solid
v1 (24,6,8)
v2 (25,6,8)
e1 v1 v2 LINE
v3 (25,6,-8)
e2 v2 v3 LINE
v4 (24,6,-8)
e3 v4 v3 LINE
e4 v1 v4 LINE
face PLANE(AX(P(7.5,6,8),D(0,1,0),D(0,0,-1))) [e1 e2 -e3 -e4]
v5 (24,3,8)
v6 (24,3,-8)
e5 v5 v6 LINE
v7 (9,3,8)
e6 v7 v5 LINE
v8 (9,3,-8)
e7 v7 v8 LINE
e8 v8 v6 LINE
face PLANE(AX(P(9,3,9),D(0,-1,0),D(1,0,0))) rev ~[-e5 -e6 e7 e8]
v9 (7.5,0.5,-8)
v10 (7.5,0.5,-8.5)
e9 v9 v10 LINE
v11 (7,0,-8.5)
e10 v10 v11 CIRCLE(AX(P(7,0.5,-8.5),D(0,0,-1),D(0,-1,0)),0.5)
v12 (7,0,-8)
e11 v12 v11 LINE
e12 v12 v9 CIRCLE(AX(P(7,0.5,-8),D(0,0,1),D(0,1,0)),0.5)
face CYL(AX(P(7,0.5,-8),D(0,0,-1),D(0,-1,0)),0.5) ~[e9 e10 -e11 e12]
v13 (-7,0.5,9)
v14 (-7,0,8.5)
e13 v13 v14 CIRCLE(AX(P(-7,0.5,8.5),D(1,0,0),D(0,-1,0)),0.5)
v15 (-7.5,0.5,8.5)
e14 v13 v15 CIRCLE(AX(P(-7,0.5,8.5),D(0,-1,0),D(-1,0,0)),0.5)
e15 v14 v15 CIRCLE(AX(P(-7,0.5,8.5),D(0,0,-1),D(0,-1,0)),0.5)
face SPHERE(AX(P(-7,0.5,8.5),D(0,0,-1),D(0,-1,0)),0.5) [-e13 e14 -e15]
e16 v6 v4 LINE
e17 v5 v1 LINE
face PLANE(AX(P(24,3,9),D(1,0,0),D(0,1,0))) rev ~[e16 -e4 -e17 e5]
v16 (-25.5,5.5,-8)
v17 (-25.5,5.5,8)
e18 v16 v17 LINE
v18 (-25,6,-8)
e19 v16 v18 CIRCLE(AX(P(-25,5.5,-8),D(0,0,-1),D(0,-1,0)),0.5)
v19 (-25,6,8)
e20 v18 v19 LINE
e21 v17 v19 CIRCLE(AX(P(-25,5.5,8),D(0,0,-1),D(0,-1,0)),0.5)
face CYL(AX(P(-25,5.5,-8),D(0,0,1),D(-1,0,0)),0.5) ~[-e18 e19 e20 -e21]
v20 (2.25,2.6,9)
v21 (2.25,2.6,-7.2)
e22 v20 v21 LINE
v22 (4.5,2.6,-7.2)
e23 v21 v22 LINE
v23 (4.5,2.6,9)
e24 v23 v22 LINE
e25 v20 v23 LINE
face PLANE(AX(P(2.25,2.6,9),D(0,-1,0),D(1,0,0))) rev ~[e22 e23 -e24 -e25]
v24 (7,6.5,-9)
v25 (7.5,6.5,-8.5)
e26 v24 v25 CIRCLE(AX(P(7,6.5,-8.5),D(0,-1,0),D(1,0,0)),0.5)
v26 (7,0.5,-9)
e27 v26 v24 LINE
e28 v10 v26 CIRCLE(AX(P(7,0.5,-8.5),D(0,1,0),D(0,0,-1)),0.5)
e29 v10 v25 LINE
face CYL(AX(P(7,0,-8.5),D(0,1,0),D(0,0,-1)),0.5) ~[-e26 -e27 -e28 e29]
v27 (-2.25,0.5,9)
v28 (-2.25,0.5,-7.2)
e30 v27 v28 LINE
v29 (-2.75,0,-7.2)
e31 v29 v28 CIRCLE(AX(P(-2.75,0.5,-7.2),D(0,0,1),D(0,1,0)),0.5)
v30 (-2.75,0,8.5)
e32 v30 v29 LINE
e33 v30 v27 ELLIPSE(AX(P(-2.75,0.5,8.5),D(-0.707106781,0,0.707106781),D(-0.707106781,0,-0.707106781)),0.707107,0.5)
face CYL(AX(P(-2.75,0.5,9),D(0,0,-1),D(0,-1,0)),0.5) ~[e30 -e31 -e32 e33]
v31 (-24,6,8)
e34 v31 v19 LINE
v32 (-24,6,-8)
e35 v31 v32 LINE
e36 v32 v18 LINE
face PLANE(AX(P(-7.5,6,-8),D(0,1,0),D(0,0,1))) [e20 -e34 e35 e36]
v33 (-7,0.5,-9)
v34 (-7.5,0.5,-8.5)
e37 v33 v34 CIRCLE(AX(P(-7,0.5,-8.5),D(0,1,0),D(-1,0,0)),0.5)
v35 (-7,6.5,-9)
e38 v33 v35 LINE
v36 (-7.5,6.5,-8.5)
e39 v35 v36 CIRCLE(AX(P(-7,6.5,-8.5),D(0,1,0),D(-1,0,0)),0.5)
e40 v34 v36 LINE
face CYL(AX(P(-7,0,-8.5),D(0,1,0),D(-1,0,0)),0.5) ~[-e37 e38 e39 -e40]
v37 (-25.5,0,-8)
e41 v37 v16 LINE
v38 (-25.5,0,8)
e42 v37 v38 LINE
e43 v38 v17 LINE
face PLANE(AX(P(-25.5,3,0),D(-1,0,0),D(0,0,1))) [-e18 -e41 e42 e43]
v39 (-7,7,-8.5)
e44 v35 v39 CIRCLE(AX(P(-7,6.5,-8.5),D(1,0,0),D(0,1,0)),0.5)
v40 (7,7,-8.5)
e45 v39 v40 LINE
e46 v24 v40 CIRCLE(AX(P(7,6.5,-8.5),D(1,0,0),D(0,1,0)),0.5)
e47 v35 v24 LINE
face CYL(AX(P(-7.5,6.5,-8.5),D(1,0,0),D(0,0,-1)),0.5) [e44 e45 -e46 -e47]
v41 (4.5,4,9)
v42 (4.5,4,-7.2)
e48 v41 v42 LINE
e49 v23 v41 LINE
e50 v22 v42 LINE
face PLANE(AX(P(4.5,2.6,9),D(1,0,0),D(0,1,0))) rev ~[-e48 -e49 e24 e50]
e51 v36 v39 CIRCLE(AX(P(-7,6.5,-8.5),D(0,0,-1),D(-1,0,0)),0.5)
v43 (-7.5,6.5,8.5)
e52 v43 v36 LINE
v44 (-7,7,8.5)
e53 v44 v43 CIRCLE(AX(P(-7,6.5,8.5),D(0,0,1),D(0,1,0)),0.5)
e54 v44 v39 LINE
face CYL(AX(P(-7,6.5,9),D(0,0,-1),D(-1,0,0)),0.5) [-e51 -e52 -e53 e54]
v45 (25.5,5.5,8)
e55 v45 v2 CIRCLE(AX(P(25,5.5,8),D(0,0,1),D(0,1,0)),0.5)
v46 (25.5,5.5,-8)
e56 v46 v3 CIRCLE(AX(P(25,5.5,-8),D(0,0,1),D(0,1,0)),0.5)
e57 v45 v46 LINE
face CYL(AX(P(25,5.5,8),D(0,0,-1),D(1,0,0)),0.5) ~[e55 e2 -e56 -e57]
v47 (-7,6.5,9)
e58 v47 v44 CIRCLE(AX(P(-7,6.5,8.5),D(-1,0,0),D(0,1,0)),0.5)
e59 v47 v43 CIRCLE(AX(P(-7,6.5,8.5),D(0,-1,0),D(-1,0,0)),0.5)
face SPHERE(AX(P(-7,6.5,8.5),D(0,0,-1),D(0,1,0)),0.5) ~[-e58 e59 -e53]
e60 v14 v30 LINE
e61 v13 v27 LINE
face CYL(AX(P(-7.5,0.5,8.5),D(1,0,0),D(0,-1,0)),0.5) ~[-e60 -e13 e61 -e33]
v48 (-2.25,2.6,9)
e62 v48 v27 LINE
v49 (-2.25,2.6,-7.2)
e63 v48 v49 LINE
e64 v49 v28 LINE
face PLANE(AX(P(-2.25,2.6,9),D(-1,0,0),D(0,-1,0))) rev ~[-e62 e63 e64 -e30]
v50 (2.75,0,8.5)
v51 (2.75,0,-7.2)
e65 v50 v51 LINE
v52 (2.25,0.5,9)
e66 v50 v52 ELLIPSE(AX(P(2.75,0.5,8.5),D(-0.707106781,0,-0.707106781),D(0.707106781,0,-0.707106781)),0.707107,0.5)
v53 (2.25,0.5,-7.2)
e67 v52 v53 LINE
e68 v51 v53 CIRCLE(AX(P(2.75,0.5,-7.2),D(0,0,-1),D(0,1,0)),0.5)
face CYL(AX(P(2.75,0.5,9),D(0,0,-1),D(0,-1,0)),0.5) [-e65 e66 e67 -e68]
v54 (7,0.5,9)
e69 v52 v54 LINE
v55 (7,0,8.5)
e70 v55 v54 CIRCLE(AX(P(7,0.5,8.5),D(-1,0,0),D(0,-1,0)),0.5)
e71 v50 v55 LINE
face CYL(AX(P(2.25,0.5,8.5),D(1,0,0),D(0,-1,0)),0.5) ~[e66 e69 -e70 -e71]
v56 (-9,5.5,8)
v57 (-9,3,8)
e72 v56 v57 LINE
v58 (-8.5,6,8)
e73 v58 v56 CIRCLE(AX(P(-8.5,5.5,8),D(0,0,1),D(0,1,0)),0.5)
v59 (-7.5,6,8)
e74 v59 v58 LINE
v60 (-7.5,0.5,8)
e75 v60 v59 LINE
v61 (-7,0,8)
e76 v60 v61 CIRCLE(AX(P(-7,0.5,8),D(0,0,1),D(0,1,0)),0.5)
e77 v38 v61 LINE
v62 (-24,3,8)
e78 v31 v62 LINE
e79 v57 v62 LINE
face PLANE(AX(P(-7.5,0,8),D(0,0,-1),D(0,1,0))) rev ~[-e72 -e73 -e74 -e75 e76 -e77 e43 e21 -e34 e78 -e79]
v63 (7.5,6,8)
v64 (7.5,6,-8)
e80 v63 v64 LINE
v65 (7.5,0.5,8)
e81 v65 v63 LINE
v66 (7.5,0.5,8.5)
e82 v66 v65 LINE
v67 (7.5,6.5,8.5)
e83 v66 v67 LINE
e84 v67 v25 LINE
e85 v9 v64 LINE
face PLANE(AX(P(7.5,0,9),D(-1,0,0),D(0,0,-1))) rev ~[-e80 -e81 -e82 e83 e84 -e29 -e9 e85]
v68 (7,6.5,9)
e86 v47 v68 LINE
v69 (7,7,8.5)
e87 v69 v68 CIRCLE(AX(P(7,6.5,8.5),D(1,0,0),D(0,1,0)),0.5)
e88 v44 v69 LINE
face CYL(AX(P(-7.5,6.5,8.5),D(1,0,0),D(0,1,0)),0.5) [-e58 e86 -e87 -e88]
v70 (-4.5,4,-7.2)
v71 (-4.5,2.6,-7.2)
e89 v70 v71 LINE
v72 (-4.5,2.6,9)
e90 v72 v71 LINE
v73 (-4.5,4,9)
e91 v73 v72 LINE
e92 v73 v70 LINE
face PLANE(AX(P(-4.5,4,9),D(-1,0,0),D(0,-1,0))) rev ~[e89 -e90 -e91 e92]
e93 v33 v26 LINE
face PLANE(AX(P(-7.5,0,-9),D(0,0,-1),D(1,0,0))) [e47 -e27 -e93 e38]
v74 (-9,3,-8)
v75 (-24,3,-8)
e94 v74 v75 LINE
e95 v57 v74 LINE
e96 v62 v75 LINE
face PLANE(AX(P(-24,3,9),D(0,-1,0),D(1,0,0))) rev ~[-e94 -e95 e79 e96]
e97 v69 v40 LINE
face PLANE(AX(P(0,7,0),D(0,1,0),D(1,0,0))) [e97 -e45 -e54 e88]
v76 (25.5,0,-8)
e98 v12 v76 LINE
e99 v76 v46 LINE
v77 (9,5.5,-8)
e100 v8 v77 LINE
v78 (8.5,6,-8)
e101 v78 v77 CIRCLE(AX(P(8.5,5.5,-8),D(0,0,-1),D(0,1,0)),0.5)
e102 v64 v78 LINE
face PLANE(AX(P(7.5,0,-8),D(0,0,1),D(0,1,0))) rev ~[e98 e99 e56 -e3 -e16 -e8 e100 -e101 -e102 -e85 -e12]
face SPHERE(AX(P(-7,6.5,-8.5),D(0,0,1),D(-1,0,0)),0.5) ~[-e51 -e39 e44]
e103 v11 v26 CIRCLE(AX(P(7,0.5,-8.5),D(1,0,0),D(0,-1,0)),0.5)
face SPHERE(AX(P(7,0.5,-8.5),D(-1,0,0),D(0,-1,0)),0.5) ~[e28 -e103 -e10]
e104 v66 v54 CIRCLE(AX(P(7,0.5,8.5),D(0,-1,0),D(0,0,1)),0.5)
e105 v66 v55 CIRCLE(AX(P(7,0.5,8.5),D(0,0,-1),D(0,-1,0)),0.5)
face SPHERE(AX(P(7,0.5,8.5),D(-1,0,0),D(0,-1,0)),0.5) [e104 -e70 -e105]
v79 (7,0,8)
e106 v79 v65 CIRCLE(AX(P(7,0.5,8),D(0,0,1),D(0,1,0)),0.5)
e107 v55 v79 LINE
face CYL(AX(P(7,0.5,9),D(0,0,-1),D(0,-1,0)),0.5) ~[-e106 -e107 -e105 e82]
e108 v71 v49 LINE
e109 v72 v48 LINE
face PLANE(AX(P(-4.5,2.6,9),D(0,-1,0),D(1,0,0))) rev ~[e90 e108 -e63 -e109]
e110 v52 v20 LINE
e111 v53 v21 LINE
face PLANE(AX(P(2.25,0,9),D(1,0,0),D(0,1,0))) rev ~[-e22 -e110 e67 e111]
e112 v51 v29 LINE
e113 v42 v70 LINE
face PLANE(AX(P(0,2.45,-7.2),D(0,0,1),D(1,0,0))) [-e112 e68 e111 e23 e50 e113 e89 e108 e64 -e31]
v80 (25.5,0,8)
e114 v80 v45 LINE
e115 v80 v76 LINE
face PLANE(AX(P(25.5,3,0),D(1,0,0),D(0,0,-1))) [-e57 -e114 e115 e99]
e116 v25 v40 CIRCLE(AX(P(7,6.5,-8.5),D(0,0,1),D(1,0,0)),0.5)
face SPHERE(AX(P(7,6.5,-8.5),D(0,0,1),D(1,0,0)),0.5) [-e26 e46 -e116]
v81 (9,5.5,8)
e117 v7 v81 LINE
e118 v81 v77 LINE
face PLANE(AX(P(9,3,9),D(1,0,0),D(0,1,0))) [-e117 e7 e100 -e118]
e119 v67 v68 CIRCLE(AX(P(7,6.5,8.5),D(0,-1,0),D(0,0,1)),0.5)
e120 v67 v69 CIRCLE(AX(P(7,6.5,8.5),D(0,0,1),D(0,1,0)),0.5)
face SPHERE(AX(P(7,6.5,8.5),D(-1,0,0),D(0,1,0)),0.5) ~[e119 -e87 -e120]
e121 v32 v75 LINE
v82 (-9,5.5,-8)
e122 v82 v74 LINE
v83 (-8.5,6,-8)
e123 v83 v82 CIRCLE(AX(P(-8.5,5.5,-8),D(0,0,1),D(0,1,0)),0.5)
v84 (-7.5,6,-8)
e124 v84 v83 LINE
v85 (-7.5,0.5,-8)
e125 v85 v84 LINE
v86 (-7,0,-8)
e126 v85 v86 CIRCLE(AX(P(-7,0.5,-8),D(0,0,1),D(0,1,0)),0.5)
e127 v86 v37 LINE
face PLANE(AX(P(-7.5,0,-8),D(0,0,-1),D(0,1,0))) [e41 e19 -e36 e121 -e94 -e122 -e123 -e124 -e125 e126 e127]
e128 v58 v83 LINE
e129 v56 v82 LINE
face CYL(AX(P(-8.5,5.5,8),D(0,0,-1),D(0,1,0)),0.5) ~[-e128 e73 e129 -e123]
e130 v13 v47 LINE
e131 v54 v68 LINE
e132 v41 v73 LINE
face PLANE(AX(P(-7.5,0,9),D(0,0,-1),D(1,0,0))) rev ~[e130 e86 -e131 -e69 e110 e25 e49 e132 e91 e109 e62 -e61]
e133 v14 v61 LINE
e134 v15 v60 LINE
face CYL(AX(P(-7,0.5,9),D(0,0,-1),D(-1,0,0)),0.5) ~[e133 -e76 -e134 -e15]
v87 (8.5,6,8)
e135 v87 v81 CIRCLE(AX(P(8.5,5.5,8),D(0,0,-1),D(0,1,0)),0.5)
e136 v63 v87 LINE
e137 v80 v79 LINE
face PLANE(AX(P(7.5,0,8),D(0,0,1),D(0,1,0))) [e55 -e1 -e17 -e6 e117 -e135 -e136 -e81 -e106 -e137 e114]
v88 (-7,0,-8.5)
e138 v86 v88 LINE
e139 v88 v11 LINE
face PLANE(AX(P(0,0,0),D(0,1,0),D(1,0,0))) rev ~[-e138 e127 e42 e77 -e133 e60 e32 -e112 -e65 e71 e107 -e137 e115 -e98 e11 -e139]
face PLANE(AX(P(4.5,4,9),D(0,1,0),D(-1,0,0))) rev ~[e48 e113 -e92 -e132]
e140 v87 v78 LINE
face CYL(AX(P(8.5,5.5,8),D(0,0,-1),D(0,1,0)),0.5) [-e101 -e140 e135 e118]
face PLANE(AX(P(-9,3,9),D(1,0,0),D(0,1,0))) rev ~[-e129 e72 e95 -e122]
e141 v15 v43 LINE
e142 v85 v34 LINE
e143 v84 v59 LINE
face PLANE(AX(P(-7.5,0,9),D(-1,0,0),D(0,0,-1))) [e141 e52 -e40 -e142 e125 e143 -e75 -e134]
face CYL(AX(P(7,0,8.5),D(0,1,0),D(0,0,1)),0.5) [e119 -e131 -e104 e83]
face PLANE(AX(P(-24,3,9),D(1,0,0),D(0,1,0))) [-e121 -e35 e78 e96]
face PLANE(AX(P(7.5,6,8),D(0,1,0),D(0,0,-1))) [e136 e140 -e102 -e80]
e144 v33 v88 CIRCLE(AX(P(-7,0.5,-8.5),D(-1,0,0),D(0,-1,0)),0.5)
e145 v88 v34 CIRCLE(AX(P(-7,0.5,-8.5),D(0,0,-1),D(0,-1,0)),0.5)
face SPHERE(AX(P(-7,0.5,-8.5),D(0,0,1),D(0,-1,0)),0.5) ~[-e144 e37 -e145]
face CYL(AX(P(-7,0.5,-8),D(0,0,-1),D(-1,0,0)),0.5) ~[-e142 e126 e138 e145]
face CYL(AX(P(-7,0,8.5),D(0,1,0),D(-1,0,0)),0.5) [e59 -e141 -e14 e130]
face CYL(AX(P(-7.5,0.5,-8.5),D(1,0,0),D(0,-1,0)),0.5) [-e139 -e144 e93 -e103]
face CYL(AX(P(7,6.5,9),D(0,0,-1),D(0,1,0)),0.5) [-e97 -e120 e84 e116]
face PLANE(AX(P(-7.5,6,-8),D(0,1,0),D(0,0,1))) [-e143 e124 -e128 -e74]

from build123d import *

# Parameters (mm, degrees)
SKETCH1_W           = 15
SKETCH1_H           = 18
BOSS_EXTRUDE1_DEPTH = 7
CUT_EXTRUDE1_DEPTH  = 16.2
SKETCH9_W           = 16
SKETCH9_H           = 6
BOSS_EXTRUDE2_DEPTH = 18
SKETCH13_W          = 16
SKETCH13_H          = 6
BOSS_EXTRUDE3_DEPTH = 18
SKETCH14_W          = 15
SKETCH14_H          = 3
CUT_EXTRUDE5_DEPTH  = 32.55
FILLET1_R           = 0.5


with BuildPart() as part:
    # Sketch1 → Boss-Extrude1 (new body)
    with BuildSketch(Plane(origin=(0, 0, 0), x_dir=(1, 0, 0), z_dir=(0, 1, 0))):
        Rectangle(SKETCH1_W, SKETCH1_H)
    extrude(amount=BOSS_EXTRUDE1_DEPTH)

    # Sketch2 → Cut-Extrude1 (cut)
    with BuildSketch(Plane.XY.offset(9)):
        Polygon((-2.25, 2.6), (-2.25, 0), (2.25, 0), (2.25, 2.6), (4.5, 2.6), (4.5, 4), (-4.5, 4), (-4.5, 2.6), align=None)
    extrude(amount=-CUT_EXTRUDE1_DEPTH, mode=Mode.SUBTRACT)

    # Sketch9 → Boss-Extrude2 (add)
    with BuildSketch(Plane.ZY.offset(7.5)):
        with Locations((0, 3)):
            Rectangle(SKETCH9_W, SKETCH9_H)
    extrude(amount=BOSS_EXTRUDE2_DEPTH)

    # Sketch13 → Boss-Extrude3 (add)
    with BuildSketch(Plane(origin=(7.5, 0, 0), x_dir=(0, 0, -1), z_dir=(1, 0, 0))):
        with Locations((0, 3)):
            Rectangle(SKETCH13_W, SKETCH13_H)
    extrude(amount=BOSS_EXTRUDE3_DEPTH)

    # Sketch14 → Cut-Extrude5 (cut)
    with BuildSketch(Plane.XY.offset(9)):
        with Locations((16.5, 4.5)):
            Rectangle(SKETCH14_W, SKETCH14_H)
        with Locations((-16.5, 4.5)):
            Rectangle(SKETCH14_W, SKETCH14_H)
    extrude(amount=-CUT_EXTRUDE5_DEPTH, mode=Mode.SUBTRACT)

    # Fillet1
    fillet1_edges = [part.edges().sort_by_distance(p)[0] for p in [
        (-7.5, 7, 0),
        (4.875, 0, 9),
        (0, 7, 9),
        (-2.25, 0, 0.9),
        (2.25, 0, 0.9),
        (-7.5, 0, 8.5),
        (-25.5, 6, 0),
        (7.5, 7, 0),
        (-4.875, 0, 9),
        (-7.5, 0, -8.5),
        (0, 0, -9),
        (7.5, 0, -8.5),
        (7.5, 0, 8.5),
        (25.5, 6, 0),
        (7.5, 3.5, 9),
        (-7.5, 3.5, 9),
        (-7.5, 3.5, -9),
        (9, 6, 0),
        (7.5, 3.5, -9),
        (0, 7, -9),
        (-9, 6, 0),
    ]]
    fillet(fillet1_edges, radius=FILLET1_R)


solid = part.part
